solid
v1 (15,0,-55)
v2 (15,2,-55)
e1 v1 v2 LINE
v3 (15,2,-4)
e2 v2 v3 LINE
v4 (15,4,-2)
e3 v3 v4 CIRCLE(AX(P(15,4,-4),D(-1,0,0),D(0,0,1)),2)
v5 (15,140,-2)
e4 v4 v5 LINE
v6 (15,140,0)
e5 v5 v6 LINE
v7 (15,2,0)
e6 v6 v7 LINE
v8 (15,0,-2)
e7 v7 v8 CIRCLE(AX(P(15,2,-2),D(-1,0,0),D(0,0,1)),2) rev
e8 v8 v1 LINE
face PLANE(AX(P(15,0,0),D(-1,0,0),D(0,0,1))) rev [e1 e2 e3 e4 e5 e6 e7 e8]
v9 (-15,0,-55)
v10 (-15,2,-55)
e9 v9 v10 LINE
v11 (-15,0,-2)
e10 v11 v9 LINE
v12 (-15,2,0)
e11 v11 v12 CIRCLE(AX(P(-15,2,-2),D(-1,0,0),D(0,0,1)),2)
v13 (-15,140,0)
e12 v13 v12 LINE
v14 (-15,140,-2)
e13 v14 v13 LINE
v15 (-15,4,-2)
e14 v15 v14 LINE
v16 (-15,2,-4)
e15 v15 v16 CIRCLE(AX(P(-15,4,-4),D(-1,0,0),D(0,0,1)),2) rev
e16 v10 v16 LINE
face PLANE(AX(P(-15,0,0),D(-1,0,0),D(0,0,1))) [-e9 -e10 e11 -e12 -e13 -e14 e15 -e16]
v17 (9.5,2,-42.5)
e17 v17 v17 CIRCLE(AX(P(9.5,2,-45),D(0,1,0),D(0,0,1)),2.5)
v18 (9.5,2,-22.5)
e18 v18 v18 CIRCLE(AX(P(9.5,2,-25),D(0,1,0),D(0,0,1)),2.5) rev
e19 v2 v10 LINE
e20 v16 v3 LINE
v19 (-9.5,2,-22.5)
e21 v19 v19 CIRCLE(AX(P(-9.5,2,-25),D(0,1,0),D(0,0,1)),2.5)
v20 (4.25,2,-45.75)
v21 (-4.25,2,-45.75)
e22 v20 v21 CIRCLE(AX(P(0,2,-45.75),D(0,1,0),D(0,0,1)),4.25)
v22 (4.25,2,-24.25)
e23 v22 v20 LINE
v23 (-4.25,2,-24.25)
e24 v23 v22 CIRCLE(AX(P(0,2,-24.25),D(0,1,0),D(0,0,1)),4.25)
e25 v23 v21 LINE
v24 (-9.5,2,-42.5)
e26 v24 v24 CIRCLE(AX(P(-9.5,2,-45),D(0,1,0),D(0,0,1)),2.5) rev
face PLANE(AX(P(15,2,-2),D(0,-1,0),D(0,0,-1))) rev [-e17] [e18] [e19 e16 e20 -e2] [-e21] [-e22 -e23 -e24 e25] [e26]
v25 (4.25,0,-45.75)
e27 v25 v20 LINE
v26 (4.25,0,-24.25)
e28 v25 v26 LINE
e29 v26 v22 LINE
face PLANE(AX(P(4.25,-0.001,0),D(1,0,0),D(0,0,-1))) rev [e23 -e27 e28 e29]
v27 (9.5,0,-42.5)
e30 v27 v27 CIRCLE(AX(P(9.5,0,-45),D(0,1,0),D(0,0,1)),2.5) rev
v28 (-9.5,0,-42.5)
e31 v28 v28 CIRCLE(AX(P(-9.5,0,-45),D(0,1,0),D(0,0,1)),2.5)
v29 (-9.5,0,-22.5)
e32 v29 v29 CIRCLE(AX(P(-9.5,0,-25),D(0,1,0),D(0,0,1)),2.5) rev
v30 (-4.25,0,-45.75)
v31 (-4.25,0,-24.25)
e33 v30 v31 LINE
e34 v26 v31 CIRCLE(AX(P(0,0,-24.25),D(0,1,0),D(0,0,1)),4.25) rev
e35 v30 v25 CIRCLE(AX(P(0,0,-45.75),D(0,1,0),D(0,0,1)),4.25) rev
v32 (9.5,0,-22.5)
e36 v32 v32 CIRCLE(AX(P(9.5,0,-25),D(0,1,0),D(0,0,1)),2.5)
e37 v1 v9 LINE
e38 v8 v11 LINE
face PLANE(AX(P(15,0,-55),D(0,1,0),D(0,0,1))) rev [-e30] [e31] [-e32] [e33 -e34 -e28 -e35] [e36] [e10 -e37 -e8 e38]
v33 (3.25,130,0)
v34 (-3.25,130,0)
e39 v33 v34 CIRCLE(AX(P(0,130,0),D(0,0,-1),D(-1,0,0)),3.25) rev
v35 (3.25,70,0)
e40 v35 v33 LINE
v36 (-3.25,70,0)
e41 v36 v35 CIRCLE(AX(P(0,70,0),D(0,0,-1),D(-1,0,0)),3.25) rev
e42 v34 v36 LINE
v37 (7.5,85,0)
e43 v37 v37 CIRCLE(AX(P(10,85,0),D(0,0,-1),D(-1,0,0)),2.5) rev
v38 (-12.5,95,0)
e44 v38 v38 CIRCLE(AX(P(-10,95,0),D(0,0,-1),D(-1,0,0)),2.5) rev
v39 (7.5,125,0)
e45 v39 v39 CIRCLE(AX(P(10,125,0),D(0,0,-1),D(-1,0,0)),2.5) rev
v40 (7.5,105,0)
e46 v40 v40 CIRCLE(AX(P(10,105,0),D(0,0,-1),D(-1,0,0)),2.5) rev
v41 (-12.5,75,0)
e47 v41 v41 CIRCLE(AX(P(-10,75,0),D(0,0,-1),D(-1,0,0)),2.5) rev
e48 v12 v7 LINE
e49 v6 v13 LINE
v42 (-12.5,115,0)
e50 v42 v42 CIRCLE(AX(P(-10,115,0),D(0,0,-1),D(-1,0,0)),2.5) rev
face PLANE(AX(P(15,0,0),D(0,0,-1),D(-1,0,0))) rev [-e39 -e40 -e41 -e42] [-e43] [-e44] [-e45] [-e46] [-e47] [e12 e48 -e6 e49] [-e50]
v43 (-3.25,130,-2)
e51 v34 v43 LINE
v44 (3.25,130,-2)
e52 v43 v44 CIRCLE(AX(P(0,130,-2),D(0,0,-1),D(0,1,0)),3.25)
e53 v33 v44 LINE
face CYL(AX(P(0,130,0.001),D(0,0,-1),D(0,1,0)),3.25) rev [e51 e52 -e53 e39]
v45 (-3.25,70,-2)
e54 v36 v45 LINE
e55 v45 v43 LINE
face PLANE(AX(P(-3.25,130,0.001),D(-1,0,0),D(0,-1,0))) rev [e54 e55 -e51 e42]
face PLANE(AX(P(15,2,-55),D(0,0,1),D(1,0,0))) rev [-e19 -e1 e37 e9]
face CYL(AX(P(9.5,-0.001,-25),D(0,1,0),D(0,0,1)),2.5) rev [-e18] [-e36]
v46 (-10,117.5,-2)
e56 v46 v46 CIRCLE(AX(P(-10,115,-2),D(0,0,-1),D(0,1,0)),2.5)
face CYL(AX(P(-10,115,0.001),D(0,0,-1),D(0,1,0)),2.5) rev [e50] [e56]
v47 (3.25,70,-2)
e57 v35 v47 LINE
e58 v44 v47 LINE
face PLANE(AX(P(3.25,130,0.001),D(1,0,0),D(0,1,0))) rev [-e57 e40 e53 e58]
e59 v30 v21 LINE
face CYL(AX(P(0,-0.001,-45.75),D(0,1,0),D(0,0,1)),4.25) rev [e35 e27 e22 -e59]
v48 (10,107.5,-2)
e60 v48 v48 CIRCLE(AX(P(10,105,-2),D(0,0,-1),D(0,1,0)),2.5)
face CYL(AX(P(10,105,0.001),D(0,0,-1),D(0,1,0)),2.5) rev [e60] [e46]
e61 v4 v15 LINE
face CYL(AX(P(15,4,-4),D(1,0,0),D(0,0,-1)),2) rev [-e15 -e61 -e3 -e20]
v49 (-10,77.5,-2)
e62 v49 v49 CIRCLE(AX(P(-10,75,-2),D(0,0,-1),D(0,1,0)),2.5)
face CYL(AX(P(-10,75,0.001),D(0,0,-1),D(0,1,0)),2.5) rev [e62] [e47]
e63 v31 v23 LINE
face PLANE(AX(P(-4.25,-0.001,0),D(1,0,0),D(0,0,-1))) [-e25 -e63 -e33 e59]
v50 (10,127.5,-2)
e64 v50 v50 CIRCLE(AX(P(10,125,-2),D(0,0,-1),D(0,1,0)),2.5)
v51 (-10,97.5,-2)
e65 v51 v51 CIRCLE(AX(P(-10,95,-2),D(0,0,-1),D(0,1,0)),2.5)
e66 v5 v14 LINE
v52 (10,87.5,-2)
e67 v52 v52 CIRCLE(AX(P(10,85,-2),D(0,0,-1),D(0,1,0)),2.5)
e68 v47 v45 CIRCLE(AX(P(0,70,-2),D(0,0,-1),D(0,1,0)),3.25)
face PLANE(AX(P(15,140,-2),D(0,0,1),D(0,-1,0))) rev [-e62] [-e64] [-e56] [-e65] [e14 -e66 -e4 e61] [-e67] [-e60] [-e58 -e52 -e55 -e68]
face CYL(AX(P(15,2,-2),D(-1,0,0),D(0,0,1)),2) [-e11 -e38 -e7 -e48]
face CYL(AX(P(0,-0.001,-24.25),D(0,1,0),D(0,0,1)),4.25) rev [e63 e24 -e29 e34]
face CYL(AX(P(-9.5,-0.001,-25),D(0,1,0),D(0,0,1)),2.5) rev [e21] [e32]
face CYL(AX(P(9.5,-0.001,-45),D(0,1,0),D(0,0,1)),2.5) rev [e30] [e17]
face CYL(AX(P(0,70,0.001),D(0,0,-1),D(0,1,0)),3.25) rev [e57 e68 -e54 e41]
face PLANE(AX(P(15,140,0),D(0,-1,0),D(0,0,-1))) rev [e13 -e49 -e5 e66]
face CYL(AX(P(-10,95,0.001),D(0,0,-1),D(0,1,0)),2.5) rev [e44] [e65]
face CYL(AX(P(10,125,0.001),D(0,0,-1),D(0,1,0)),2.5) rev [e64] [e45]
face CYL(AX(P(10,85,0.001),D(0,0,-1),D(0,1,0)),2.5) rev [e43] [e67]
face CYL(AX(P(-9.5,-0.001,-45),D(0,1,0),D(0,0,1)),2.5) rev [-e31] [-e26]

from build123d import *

# Parameters (mm, degrees)
BOSS_EXTRU_1_DEPTH      = 15
CONG_1_R                = 2
ENL_V_MAT_EXTRU_1_REACH = 4
ESQUISSE2_R             = 2.5
ENL_V_MAT_EXTRU_2_REACH = 4
ESQUISSE4_R             = 2.5


with BuildPart() as part:
    # Esquisse1 → Boss.-Extru.1 (new body, symmetric)
    with BuildSketch(Plane(origin=(0, 0, 0), x_dir=(0, 0, -1), z_dir=(1, 0, 0))):
        Polygon((0, 0), (0, 140), (2, 140), (2, 2), (55, 2), (55, 0), align=None)
    extrude(amount=BOSS_EXTRU_1_DEPTH, both=True)

    # Congé1
    cong_1_edges = [part.edges().sort_by_distance(p)[0] for p in [
        (0, 0, 0),
        (0, 2, -2),
    ]]
    fillet(cong_1_edges, radius=CONG_1_R)

    # Esquisse2 → Enlèv. mat.-Extru.1 (cut, up to next)
    with BuildSketch(Plane(origin=(0, 2, 0), x_dir=(1, 0, 0), z_dir=(0, 1, 0)), mode=Mode.PRIVATE) as enl_v_mat_extru_1_sk1:
        with BuildLine():
            Line((4.25, 24.25), (4.25, 45.75))
            ThreePointArc((4.25, 45.75), (0, 50), (-4.25, 45.75))
            Line((-4.25, 45.75), (-4.25, 24.25))
            ThreePointArc((-4.25, 24.25), (0, 20), (4.25, 24.25))
        make_face()
    enl_v_mat_extru_1_tool1 = extrude(enl_v_mat_extru_1_sk1.sketch, amount=-ENL_V_MAT_EXTRU_1_REACH, mode=Mode.PRIVATE) & part.part
    add(enl_v_mat_extru_1_tool1.solids().sort_by_distance((0, 2, -35))[0], mode=Mode.SUBTRACT)
    # Esquisse2 → Enlèv. mat.-Extru.1 (cut, up to next)
    with BuildSketch(Plane(origin=(0, 2, 0), x_dir=(1, 0, 0), z_dir=(0, 1, 0)), mode=Mode.PRIVATE) as enl_v_mat_extru_1_sk2:
        with Locations((-9.5, 25)):
            Circle(ESQUISSE2_R)
    enl_v_mat_extru_1_tool2 = extrude(enl_v_mat_extru_1_sk2.sketch, amount=-ENL_V_MAT_EXTRU_1_REACH, mode=Mode.PRIVATE) & part.part
    add(enl_v_mat_extru_1_tool2.solids().sort_by_distance((-9.5, 2, -25))[0], mode=Mode.SUBTRACT)
    # Esquisse2 → Enlèv. mat.-Extru.1 (cut, up to next)
    with BuildSketch(Plane(origin=(0, 2, 0), x_dir=(1, 0, 0), z_dir=(0, 1, 0)), mode=Mode.PRIVATE) as enl_v_mat_extru_1_sk3:
        with Locations((-9.5, 45)):
            Circle(ESQUISSE2_R)
    enl_v_mat_extru_1_tool3 = extrude(enl_v_mat_extru_1_sk3.sketch, amount=-ENL_V_MAT_EXTRU_1_REACH, mode=Mode.PRIVATE) & part.part
    add(enl_v_mat_extru_1_tool3.solids().sort_by_distance((-9.5, 2, -45))[0], mode=Mode.SUBTRACT)
    # Esquisse2 → Enlèv. mat.-Extru.1 (cut, up to next)
    with BuildSketch(Plane(origin=(0, 2, 0), x_dir=(1, 0, 0), z_dir=(0, 1, 0)), mode=Mode.PRIVATE) as enl_v_mat_extru_1_sk4:
        with Locations((9.5, 45)):
            Circle(ESQUISSE2_R)
    enl_v_mat_extru_1_tool4 = extrude(enl_v_mat_extru_1_sk4.sketch, amount=-ENL_V_MAT_EXTRU_1_REACH, mode=Mode.PRIVATE) & part.part
    add(enl_v_mat_extru_1_tool4.solids().sort_by_distance((9.5, 2, -45))[0], mode=Mode.SUBTRACT)
    # Esquisse2 → Enlèv. mat.-Extru.1 (cut, up to next)
    with BuildSketch(Plane(origin=(0, 2, 0), x_dir=(1, 0, 0), z_dir=(0, 1, 0)), mode=Mode.PRIVATE) as enl_v_mat_extru_1_sk5:
        with Locations((9.5, 25)):
            Circle(ESQUISSE2_R)
    enl_v_mat_extru_1_tool5 = extrude(enl_v_mat_extru_1_sk5.sketch, amount=-ENL_V_MAT_EXTRU_1_REACH, mode=Mode.PRIVATE) & part.part
    add(enl_v_mat_extru_1_tool5.solids().sort_by_distance((9.5, 2, -25))[0], mode=Mode.SUBTRACT)

    # Esquisse4 → Enlèv. mat.-Extru.2 (cut, up to next)
    with BuildSketch(Plane(origin=(0, 0, -2), x_dir=(-1, 0, 0), z_dir=(0, 0, -1)), mode=Mode.PRIVATE) as enl_v_mat_extru_2_sk1:
        with Locations((-10, 125)):
            Circle(ESQUISSE4_R)
    enl_v_mat_extru_2_tool1 = extrude(enl_v_mat_extru_2_sk1.sketch, amount=-ENL_V_MAT_EXTRU_2_REACH, mode=Mode.PRIVATE) & part.part
    add(enl_v_mat_extru_2_tool1.solids().sort_by_distance((10, 125, -2))[0], mode=Mode.SUBTRACT)
    # Esquisse4 → Enlèv. mat.-Extru.2 (cut, up to next)
    with BuildSketch(Plane(origin=(0, 0, -2), x_dir=(-1, 0, 0), z_dir=(0, 0, -1)), mode=Mode.PRIVATE) as enl_v_mat_extru_2_sk2:
        with Locations((-10, 105)):
            Circle(ESQUISSE4_R)
    enl_v_mat_extru_2_tool2 = extrude(enl_v_mat_extru_2_sk2.sketch, amount=-ENL_V_MAT_EXTRU_2_REACH, mode=Mode.PRIVATE) & part.part
    add(enl_v_mat_extru_2_tool2.solids().sort_by_distance((10, 105, -2))[0], mode=Mode.SUBTRACT)
    # Esquisse4 → Enlèv. mat.-Extru.2 (cut, up to next)
    with BuildSketch(Plane(origin=(0, 0, -2), x_dir=(-1, 0, 0), z_dir=(0, 0, -1)), mode=Mode.PRIVATE) as enl_v_mat_extru_2_sk3:
        with Locations((-10, 85)):
            Circle(ESQUISSE4_R)
    enl_v_mat_extru_2_tool3 = extrude(enl_v_mat_extru_2_sk3.sketch, amount=-ENL_V_MAT_EXTRU_2_REACH, mode=Mode.PRIVATE) & part.part
    add(enl_v_mat_extru_2_tool3.solids().sort_by_distance((10, 85, -2))[0], mode=Mode.SUBTRACT)
    # Esquisse4 → Enlèv. mat.-Extru.2 (cut, up to next)
    with BuildSketch(Plane(origin=(0, 0, -2), x_dir=(-1, 0, 0), z_dir=(0, 0, -1)), mode=Mode.PRIVATE) as enl_v_mat_extru_2_sk4:
        with Locations((10, 115)):
            Circle(ESQUISSE4_R)
    enl_v_mat_extru_2_tool4 = extrude(enl_v_mat_extru_2_sk4.sketch, amount=-ENL_V_MAT_EXTRU_2_REACH, mode=Mode.PRIVATE) & part.part
    add(enl_v_mat_extru_2_tool4.solids().sort_by_distance((-10, 115, -2))[0], mode=Mode.SUBTRACT)
    # Esquisse4 → Enlèv. mat.-Extru.2 (cut, up to next)
    with BuildSketch(Plane(origin=(0, 0, -2), x_dir=(-1, 0, 0), z_dir=(0, 0, -1)), mode=Mode.PRIVATE) as enl_v_mat_extru_2_sk5:
        with Locations((10, 95)):
            Circle(ESQUISSE4_R)
    enl_v_mat_extru_2_tool5 = extrude(enl_v_mat_extru_2_sk5.sketch, amount=-ENL_V_MAT_EXTRU_2_REACH, mode=Mode.PRIVATE) & part.part
    add(enl_v_mat_extru_2_tool5.solids().sort_by_distance((-10, 95, -2))[0], mode=Mode.SUBTRACT)
    # Esquisse4 → Enlèv. mat.-Extru.2 (cut, up to next)
    with BuildSketch(Plane(origin=(0, 0, -2), x_dir=(-1, 0, 0), z_dir=(0, 0, -1)), mode=Mode.PRIVATE) as enl_v_mat_extru_2_sk6:
        with Locations((10, 75)):
            Circle(ESQUISSE4_R)
    enl_v_mat_extru_2_tool6 = extrude(enl_v_mat_extru_2_sk6.sketch, amount=-ENL_V_MAT_EXTRU_2_REACH, mode=Mode.PRIVATE) & part.part
    add(enl_v_mat_extru_2_tool6.solids().sort_by_distance((-10, 75, -2))[0], mode=Mode.SUBTRACT)
    # Esquisse4 → Enlèv. mat.-Extru.2 (cut, up to next)
    with BuildSketch(Plane(origin=(0, 0, -2), x_dir=(-1, 0, 0), z_dir=(0, 0, -1)), mode=Mode.PRIVATE) as enl_v_mat_extru_2_sk7:
        with BuildLine():
            Line((3.25, 130), (3.25, 70))
            ThreePointArc((3.25, 70), (0, 66.75), (-3.25, 70))
            Line((-3.25, 70), (-3.25, 130))
            ThreePointArc((-3.25, 130), (0, 133.25), (3.25, 130))
        make_face()
    enl_v_mat_extru_2_tool7 = extrude(enl_v_mat_extru_2_sk7.sketch, amount=-ENL_V_MAT_EXTRU_2_REACH, mode=Mode.PRIVATE) & part.part
    add(enl_v_mat_extru_2_tool7.solids().sort_by_distance((0, 100, -2))[0], mode=Mode.SUBTRACT)


solid = part.part
